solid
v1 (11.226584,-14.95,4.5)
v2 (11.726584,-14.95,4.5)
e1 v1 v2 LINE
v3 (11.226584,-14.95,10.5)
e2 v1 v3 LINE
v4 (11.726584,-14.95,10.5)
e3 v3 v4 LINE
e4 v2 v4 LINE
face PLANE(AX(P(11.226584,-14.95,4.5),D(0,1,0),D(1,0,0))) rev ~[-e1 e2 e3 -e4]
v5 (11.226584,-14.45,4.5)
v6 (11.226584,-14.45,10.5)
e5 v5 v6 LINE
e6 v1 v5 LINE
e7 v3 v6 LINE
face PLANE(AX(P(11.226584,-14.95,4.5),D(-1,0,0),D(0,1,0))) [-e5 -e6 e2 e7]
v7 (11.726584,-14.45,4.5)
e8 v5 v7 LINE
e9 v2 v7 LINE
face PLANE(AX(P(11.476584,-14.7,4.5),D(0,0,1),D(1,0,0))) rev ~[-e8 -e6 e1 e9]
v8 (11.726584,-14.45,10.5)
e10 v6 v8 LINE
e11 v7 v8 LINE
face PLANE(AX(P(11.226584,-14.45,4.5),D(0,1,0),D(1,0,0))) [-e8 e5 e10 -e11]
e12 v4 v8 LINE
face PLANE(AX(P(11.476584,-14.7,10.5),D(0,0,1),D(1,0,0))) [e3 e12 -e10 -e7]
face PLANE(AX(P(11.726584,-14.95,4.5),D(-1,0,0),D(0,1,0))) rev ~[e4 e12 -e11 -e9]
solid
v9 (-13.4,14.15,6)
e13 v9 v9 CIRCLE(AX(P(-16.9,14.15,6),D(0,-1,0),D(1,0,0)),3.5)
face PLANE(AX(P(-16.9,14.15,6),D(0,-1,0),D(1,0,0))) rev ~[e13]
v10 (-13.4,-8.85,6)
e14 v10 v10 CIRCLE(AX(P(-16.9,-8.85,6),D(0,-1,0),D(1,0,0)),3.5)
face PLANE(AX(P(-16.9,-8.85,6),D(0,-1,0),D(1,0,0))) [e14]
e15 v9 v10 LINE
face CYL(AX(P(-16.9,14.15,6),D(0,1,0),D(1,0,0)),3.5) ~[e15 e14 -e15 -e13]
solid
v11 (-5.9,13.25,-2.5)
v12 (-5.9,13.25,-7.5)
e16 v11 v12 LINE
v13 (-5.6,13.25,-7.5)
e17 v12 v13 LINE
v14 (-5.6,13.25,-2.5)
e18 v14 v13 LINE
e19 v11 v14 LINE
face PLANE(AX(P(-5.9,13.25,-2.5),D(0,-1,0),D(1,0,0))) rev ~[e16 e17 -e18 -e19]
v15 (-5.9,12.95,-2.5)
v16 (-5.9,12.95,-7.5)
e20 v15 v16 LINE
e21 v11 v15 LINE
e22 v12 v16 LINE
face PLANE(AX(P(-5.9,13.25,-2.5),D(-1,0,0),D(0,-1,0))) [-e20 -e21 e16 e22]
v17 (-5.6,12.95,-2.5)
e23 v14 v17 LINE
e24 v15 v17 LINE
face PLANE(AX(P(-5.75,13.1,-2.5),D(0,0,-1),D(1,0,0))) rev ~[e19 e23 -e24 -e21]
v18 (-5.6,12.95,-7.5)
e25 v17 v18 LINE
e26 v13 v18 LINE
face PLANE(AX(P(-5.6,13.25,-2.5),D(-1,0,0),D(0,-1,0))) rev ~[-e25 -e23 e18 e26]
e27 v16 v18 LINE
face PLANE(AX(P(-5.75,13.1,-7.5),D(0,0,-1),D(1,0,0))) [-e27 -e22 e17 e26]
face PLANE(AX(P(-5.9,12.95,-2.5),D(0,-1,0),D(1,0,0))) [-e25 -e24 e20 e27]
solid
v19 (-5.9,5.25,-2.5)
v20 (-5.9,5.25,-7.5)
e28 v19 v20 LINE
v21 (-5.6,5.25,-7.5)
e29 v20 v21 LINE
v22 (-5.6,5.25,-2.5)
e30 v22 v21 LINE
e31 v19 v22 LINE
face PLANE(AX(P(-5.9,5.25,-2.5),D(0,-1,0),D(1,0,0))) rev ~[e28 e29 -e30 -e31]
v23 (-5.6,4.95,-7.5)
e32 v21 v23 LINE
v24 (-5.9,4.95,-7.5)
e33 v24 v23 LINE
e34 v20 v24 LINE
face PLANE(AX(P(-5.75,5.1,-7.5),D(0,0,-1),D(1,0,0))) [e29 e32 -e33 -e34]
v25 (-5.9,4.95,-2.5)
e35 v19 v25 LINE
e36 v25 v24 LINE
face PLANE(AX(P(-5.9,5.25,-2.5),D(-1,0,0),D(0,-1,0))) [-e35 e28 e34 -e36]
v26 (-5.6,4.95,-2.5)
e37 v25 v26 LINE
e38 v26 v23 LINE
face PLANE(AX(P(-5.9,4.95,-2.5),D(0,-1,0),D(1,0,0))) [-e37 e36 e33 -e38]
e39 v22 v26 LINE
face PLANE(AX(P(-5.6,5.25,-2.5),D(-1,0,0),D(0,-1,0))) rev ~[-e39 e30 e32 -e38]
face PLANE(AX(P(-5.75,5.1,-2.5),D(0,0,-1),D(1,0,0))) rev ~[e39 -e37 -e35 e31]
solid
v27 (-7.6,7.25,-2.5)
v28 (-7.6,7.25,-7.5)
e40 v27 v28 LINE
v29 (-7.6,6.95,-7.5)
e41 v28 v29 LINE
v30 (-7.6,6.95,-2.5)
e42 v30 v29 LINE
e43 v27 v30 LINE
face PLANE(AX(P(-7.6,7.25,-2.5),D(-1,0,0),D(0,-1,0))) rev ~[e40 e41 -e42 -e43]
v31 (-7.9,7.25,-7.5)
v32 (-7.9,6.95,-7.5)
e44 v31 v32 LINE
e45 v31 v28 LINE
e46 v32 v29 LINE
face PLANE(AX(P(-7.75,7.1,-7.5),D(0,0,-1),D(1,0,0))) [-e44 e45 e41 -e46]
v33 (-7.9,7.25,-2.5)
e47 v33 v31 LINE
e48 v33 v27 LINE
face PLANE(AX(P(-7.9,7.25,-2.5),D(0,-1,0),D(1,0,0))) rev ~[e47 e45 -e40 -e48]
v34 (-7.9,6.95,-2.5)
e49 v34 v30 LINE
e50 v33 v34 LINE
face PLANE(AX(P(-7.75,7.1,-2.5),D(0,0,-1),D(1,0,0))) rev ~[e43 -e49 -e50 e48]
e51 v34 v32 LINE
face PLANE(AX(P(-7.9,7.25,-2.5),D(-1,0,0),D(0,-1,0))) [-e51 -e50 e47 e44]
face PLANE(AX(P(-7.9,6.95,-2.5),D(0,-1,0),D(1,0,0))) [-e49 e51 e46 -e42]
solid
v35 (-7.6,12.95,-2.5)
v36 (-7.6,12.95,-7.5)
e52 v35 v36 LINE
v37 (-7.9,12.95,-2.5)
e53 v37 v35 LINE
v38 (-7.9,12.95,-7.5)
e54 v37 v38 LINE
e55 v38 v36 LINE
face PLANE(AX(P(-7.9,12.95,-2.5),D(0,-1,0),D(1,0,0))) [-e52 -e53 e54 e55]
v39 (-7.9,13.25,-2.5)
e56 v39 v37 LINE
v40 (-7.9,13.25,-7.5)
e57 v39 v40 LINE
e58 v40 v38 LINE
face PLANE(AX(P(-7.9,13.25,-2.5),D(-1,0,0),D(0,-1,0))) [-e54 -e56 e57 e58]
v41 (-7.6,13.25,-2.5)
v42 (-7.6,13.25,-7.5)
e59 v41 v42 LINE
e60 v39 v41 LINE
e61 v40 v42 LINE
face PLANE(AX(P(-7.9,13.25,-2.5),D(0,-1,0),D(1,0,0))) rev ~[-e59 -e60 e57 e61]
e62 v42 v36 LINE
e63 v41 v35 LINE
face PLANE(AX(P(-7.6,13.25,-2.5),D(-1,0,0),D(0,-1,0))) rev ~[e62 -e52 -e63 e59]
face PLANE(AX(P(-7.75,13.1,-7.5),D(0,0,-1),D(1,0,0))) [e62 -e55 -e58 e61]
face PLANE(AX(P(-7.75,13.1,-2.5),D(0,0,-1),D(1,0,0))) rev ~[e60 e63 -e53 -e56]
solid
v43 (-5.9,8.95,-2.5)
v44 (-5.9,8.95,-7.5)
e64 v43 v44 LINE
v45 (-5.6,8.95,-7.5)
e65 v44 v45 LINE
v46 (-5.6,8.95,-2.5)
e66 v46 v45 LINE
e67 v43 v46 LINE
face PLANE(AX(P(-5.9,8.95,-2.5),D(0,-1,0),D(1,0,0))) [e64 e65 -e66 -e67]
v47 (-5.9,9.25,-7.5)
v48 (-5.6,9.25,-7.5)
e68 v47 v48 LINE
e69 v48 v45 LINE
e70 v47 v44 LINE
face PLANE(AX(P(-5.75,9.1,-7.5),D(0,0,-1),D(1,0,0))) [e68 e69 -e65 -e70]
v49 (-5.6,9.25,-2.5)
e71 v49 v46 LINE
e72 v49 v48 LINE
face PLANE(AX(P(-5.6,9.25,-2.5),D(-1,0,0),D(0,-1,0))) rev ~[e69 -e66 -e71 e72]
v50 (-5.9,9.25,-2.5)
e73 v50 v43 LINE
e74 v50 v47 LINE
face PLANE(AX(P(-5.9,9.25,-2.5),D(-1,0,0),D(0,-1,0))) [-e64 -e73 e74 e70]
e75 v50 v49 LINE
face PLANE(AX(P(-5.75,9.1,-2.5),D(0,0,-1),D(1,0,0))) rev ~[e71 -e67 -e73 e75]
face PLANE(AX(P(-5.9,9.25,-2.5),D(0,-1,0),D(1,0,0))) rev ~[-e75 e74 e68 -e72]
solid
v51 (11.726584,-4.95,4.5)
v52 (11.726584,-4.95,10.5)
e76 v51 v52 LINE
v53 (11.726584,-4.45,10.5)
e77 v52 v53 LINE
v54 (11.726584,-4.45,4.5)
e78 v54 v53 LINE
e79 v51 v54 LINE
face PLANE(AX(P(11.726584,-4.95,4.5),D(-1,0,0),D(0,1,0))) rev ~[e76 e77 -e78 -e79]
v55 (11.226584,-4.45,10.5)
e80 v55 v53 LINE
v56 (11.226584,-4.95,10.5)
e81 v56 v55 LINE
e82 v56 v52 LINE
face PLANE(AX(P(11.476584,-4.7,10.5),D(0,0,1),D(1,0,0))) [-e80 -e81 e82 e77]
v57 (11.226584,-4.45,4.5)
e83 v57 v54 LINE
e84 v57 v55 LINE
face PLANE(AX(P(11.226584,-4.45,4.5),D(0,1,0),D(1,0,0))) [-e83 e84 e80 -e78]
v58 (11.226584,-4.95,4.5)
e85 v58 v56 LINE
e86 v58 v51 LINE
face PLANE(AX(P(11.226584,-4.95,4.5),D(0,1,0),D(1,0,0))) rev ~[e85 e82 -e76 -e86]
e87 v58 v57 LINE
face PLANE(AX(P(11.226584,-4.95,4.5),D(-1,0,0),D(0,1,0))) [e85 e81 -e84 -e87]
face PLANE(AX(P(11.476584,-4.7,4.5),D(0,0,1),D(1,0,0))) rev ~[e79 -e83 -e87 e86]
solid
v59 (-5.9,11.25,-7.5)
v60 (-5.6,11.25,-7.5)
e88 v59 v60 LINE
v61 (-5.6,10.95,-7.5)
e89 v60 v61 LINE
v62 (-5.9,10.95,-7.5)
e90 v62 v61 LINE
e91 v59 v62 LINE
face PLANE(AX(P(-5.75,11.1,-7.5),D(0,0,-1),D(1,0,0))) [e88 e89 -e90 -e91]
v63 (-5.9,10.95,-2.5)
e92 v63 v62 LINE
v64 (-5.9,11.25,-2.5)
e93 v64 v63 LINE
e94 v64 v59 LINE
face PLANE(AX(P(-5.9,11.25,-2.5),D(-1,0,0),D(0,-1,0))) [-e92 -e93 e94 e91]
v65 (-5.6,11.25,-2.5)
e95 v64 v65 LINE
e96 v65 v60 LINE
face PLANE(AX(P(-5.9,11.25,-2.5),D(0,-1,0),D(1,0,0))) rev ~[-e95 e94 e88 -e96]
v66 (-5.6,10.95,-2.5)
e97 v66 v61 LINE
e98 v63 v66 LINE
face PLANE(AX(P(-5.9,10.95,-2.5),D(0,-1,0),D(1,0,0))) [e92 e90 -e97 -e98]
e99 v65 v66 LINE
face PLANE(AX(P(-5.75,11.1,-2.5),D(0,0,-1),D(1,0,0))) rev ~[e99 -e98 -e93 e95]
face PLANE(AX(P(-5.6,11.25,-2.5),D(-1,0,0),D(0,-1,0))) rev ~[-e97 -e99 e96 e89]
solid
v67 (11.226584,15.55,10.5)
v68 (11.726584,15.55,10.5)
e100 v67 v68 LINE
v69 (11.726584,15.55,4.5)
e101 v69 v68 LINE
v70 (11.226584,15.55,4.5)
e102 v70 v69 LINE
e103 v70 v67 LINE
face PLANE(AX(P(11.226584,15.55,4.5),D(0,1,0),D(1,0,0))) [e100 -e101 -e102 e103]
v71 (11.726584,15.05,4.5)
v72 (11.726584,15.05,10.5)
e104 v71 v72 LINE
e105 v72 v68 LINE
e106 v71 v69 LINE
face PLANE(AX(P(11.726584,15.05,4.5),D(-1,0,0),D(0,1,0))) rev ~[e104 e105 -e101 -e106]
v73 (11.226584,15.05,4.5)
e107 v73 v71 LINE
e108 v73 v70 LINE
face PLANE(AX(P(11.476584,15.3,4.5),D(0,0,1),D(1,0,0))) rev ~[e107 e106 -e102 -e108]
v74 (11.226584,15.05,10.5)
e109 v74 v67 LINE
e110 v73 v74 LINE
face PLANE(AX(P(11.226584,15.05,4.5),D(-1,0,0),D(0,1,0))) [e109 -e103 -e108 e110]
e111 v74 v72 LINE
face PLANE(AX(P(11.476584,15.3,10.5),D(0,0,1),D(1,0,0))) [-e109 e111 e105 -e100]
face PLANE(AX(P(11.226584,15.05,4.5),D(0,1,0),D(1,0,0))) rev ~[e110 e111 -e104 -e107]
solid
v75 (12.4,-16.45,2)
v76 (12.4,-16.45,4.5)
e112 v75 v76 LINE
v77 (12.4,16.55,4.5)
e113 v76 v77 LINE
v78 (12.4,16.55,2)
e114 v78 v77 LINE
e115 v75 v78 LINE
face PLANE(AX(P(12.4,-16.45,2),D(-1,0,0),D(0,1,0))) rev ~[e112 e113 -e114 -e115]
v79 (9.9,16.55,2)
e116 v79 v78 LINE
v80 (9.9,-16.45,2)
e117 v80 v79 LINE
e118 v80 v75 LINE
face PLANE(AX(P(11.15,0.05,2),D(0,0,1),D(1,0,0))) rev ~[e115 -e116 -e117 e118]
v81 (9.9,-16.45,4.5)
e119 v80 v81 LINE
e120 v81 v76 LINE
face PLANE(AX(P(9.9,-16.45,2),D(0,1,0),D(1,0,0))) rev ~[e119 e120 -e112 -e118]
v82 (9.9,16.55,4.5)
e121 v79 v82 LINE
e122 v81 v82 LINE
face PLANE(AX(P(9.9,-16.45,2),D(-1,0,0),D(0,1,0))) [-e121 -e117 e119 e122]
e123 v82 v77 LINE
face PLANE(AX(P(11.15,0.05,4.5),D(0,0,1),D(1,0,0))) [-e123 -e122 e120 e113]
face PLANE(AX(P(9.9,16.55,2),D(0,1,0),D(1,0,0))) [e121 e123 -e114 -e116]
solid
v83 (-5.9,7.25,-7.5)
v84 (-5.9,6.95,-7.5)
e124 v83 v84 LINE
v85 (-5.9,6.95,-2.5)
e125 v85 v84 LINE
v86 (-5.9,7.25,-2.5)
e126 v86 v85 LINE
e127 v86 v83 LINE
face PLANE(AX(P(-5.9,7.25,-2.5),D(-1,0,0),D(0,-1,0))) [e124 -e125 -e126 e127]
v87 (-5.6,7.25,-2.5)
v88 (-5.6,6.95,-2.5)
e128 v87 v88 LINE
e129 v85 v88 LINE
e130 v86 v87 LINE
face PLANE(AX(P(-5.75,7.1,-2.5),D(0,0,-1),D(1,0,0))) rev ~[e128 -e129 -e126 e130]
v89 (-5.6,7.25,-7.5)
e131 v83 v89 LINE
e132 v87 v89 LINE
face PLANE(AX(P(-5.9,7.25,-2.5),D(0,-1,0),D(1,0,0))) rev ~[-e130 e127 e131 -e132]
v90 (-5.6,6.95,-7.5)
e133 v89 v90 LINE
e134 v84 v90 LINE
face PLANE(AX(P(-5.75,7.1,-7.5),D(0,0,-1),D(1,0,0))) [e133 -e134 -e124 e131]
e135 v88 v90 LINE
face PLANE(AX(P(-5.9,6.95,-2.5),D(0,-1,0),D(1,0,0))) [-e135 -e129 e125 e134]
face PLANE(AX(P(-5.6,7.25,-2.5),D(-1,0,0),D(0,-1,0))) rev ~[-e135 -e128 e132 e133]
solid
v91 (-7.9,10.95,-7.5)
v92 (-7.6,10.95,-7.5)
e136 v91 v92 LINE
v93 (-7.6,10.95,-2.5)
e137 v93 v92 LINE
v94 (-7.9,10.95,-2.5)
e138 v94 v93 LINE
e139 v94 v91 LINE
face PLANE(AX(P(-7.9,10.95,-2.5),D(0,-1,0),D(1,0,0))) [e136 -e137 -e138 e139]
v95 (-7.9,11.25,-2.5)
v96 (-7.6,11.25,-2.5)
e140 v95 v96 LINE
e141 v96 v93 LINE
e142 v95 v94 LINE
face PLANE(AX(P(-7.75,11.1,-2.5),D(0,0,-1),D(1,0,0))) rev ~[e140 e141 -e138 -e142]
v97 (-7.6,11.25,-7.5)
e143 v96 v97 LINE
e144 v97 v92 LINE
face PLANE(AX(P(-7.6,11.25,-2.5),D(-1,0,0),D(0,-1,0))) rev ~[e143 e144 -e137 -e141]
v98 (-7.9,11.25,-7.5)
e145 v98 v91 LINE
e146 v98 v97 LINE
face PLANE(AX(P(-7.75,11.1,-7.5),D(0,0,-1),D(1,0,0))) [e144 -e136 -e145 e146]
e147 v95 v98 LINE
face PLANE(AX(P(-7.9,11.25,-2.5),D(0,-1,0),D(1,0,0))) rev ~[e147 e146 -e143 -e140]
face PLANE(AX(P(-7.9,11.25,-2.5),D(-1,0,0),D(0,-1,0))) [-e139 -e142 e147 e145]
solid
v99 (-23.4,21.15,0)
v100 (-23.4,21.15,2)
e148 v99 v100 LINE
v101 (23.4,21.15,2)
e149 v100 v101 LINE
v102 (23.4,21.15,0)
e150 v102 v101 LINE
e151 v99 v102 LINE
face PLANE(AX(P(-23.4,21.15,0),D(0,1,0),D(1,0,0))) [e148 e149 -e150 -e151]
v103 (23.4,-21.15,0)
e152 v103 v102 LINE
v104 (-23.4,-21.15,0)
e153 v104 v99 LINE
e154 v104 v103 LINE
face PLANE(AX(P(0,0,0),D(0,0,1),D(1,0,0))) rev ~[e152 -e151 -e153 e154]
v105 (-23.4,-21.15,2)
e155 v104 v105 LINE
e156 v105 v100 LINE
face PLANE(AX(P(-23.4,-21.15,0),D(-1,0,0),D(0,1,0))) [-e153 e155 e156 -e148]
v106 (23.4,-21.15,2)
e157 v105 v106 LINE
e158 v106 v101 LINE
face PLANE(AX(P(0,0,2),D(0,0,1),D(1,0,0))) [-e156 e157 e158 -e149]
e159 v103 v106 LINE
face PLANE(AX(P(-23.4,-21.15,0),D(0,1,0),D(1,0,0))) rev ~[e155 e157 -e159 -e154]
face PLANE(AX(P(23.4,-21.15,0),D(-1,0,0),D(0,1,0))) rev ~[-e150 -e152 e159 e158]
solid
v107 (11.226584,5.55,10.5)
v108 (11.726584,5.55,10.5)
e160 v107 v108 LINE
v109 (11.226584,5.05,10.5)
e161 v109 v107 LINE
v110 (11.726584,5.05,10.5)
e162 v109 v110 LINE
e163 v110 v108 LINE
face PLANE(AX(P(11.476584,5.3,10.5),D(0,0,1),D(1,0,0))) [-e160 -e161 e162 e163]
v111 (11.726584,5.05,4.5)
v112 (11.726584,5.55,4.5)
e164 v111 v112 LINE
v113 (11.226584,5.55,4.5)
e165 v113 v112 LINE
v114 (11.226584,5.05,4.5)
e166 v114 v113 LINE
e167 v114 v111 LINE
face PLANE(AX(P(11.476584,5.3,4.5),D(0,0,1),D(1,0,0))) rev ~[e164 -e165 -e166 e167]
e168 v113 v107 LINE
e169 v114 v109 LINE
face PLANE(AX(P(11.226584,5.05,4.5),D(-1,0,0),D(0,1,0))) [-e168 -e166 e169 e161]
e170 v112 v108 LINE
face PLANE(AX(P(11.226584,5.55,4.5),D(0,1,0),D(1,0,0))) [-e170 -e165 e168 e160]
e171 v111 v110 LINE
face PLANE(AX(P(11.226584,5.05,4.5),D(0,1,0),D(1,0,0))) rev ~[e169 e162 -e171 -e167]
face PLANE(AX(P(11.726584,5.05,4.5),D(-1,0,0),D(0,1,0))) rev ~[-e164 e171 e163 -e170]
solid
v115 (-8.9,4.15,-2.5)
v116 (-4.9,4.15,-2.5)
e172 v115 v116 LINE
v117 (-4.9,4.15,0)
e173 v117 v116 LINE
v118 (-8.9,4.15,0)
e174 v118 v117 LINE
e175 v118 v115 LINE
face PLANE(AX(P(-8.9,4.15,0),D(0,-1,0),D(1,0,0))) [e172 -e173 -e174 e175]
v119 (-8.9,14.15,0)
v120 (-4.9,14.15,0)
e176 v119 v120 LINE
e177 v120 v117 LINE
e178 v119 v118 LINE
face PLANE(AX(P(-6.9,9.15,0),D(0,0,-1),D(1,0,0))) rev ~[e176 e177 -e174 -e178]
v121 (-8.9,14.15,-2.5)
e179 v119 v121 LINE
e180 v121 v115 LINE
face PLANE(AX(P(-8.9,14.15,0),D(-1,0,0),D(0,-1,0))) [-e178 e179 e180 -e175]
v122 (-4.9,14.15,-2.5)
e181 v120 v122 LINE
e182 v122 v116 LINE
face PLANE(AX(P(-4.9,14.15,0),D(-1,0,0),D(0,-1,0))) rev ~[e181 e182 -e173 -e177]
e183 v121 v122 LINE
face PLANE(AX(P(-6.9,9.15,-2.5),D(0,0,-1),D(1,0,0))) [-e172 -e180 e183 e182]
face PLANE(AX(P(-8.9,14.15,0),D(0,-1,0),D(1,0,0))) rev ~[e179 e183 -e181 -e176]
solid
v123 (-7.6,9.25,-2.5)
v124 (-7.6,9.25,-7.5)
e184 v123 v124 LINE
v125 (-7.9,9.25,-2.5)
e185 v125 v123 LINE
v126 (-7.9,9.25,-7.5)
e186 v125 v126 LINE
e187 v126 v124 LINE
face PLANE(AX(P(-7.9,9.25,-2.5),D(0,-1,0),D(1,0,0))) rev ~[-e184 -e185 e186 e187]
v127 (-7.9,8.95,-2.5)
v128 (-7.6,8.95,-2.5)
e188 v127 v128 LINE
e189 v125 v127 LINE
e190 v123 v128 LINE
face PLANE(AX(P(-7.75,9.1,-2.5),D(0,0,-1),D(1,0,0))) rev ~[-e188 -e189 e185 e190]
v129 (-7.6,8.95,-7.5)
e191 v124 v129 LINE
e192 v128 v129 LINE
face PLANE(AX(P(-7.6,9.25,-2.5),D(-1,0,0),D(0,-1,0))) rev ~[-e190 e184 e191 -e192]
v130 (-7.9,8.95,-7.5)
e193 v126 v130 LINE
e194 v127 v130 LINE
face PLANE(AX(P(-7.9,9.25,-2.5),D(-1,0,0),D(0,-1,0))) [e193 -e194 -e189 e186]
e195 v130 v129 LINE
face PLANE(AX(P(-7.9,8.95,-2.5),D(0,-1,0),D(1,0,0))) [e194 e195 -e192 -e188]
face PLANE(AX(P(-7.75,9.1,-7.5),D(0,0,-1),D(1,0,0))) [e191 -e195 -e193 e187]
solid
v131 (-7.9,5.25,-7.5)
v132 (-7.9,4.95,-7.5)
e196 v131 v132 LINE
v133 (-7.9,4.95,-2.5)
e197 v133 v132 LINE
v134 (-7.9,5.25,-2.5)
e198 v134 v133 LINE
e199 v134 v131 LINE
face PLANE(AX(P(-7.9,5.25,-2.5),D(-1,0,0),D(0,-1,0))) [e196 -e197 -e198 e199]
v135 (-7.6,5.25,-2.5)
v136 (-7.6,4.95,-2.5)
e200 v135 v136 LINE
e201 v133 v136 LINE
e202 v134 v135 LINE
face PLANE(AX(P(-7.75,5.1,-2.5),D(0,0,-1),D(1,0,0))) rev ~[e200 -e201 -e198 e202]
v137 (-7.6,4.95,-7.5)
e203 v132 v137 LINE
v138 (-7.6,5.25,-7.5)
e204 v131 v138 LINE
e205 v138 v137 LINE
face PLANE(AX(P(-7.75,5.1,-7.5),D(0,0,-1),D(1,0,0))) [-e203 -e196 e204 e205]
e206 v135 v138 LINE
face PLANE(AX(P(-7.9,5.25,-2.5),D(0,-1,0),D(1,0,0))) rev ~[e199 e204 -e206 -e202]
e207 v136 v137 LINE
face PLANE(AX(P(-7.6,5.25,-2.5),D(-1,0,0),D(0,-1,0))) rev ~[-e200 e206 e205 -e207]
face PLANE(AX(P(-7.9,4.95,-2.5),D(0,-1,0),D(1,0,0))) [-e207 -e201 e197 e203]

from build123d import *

# Parameters (mm, degrees)
F2_W      = 46.8
F2_H      = 42.3
F3_DEPTH  = 2
F5_R      = 3.5
F6_DEPTH  = 23
F7_W      = 2.5
F7_H      = 33
F8_DEPTH  = 2.5
F9_W      = 0.5
F9_H      = 0.5
F10_DEPTH = 6
F11_W     = 4
F11_H     = 10
F12_DEPTH = 2.5
F13_W     = 0.3
F13_H     = 0.3000002508
F14_DEPTH = 5


with BuildPart() as f3:
    # F2 (on Top) → F3 (new body)
    with BuildSketch(Plane.XY):
        Rectangle(F2_W, F2_H)
    extrude(amount=F3_DEPTH)


with BuildPart() as f6:
    # F5 (on offset) → F6 (new body)
    with BuildSketch(Plane.XZ.offset(-14.15)):
        with Locations((-16.9, 6)):
            Circle(F5_R)
    extrude(amount=F6_DEPTH)


with BuildPart() as f8:
    # F7 (on face) → F8 (new body)
    with BuildSketch(Plane.XY.offset(2)):
        with Locations((11.15, 0.05)):
            Rectangle(F7_W, F7_H)
    extrude(amount=F8_DEPTH)


with BuildPart() as f10:
    # F9 (on face) → F10 (new body)
    with BuildSketch(Plane.XY.offset(4.5)):
        with Locations((11.4765835703, 15.3)):
            Rectangle(F9_W, F9_H)
    extrude(amount=F10_DEPTH)


with BuildPart() as f10b:
    # F9 (on face) → F10, piece 2 (new body)
    with BuildSketch(Plane.XY.offset(4.5)):
        with Locations((11.4765835703, 5.3)):
            Rectangle(F9_W, F9_H)
    extrude(amount=F10_DEPTH)


with BuildPart() as f10c:
    # F9 (on face) → F10, piece 3 (new body)
    with BuildSketch(Plane.XY.offset(4.5)):
        with Locations((11.4765835703, -4.7)):
            Rectangle(F9_W, F9_H)
    extrude(amount=F10_DEPTH)


with BuildPart() as f10d:
    # F9 (on face) → F10, piece 4 (new body)
    with BuildSketch(Plane.XY.offset(4.5)):
        with Locations((11.4765835703, -14.7)):
            Rectangle(F9_W, F9_H)
    extrude(amount=F10_DEPTH)


with BuildPart() as f12:
    # F11 (on face) → F12 (new body)
    with BuildSketch(Plane(origin=(0, 0, 0), x_dir=(1, 0, 0), z_dir=(0, 0, -1))):
        with Locations((-6.9, -9.15)):
            Rectangle(F11_W, F11_H)
    extrude(amount=F12_DEPTH)


with BuildPart() as f14:
    # F13 (on face) → F14 (new body)
    with BuildSketch(Plane(origin=(0, 0, -2.5), x_dir=(1, 0, 0), z_dir=(0, 0, -1))):
        with Locations((-7.75, -5.1000001254)):
            Rectangle(F13_W, F13_H)
    extrude(amount=F14_DEPTH)


with BuildPart() as f14b:
    # F13 (on face) → F14, piece 2 (new body)
    with BuildSketch(Plane(origin=(0, 0, -2.5), x_dir=(1, 0, 0), z_dir=(0, 0, -1))):
        with Locations((-7.75, -7.1000001254)):
            Rectangle(F13_W, F13_H)
    extrude(amount=F14_DEPTH)


with BuildPart() as f14c:
    # F13 (on face) → F14, piece 3 (new body)
    with BuildSketch(Plane(origin=(0, 0, -2.5), x_dir=(1, 0, 0), z_dir=(0, 0, -1))):
        with Locations((-7.75, -9.1000001254)):
            Rectangle(F13_W, F13_H)
    extrude(amount=F14_DEPTH)


with BuildPart() as f14d:
    # F13 (on face) → F14, piece 4 (new body)
    with BuildSketch(Plane(origin=(0, 0, -2.5), x_dir=(1, 0, 0), z_dir=(0, 0, -1))):
        with Locations((-7.75, -11.1000001254)):
            Rectangle(F13_W, F13_H)
    extrude(amount=F14_DEPTH)


with BuildPart() as f14e:
    # F13 (on face) → F14, piece 5 (new body)
    with BuildSketch(Plane(origin=(0, 0, -2.5), x_dir=(1, 0, 0), z_dir=(0, 0, -1))):
        with Locations((-7.75, -13.1000001254)):
            Rectangle(F13_W, F13_H)
    extrude(amount=F14_DEPTH)


with BuildPart() as f14f:
    # F13 (on face) → F14, piece 6 (new body)
    with BuildSketch(Plane(origin=(0, 0, -2.5), x_dir=(1, 0, 0), z_dir=(0, 0, -1))):
        with Locations((-5.75, -5.1000001254)):
            Rectangle(F13_W, F13_H)
    extrude(amount=F14_DEPTH)


with BuildPart() as f14g:
    # F13 (on face) → F14, piece 7 (new body)
    with BuildSketch(Plane(origin=(0, 0, -2.5), x_dir=(1, 0, 0), z_dir=(0, 0, -1))):
        with Locations((-5.75, -7.1000001254)):
            Rectangle(F13_W, F13_H)
    extrude(amount=F14_DEPTH)


with BuildPart() as f14h:
    # F13 (on face) → F14, piece 8 (new body)
    with BuildSketch(Plane(origin=(0, 0, -2.5), x_dir=(1, 0, 0), z_dir=(0, 0, -1))):
        with Locations((-5.75, -9.1000001254)):
            Rectangle(F13_W, F13_H)
    extrude(amount=F14_DEPTH)


with BuildPart() as f14i:
    # F13 (on face) → F14, piece 9 (new body)
    with BuildSketch(Plane(origin=(0, 0, -2.5), x_dir=(1, 0, 0), z_dir=(0, 0, -1))):
        with Locations((-5.75, -11.1000001254)):
            Rectangle(F13_W, F13_H)
    extrude(amount=F14_DEPTH)


with BuildPart() as f14j:
    # F13 (on face) → F14, piece 10 (new body)
    with BuildSketch(Plane(origin=(0, 0, -2.5), x_dir=(1, 0, 0), z_dir=(0, 0, -1))):
        with Locations((-5.75, -13.1000001254)):
            Rectangle(F13_W, F13_H)
    extrude(amount=F14_DEPTH)


solid = Compound([f3.part, f6.part, f8.part, f10.part, f10b.part, f10c.part, f10d.part, f12.part, f14.part, f14b.part, f14c.part, f14d.part, f14e.part, f14f.part, f14g.part, f14h.part, f14i.part, f14j.part])
